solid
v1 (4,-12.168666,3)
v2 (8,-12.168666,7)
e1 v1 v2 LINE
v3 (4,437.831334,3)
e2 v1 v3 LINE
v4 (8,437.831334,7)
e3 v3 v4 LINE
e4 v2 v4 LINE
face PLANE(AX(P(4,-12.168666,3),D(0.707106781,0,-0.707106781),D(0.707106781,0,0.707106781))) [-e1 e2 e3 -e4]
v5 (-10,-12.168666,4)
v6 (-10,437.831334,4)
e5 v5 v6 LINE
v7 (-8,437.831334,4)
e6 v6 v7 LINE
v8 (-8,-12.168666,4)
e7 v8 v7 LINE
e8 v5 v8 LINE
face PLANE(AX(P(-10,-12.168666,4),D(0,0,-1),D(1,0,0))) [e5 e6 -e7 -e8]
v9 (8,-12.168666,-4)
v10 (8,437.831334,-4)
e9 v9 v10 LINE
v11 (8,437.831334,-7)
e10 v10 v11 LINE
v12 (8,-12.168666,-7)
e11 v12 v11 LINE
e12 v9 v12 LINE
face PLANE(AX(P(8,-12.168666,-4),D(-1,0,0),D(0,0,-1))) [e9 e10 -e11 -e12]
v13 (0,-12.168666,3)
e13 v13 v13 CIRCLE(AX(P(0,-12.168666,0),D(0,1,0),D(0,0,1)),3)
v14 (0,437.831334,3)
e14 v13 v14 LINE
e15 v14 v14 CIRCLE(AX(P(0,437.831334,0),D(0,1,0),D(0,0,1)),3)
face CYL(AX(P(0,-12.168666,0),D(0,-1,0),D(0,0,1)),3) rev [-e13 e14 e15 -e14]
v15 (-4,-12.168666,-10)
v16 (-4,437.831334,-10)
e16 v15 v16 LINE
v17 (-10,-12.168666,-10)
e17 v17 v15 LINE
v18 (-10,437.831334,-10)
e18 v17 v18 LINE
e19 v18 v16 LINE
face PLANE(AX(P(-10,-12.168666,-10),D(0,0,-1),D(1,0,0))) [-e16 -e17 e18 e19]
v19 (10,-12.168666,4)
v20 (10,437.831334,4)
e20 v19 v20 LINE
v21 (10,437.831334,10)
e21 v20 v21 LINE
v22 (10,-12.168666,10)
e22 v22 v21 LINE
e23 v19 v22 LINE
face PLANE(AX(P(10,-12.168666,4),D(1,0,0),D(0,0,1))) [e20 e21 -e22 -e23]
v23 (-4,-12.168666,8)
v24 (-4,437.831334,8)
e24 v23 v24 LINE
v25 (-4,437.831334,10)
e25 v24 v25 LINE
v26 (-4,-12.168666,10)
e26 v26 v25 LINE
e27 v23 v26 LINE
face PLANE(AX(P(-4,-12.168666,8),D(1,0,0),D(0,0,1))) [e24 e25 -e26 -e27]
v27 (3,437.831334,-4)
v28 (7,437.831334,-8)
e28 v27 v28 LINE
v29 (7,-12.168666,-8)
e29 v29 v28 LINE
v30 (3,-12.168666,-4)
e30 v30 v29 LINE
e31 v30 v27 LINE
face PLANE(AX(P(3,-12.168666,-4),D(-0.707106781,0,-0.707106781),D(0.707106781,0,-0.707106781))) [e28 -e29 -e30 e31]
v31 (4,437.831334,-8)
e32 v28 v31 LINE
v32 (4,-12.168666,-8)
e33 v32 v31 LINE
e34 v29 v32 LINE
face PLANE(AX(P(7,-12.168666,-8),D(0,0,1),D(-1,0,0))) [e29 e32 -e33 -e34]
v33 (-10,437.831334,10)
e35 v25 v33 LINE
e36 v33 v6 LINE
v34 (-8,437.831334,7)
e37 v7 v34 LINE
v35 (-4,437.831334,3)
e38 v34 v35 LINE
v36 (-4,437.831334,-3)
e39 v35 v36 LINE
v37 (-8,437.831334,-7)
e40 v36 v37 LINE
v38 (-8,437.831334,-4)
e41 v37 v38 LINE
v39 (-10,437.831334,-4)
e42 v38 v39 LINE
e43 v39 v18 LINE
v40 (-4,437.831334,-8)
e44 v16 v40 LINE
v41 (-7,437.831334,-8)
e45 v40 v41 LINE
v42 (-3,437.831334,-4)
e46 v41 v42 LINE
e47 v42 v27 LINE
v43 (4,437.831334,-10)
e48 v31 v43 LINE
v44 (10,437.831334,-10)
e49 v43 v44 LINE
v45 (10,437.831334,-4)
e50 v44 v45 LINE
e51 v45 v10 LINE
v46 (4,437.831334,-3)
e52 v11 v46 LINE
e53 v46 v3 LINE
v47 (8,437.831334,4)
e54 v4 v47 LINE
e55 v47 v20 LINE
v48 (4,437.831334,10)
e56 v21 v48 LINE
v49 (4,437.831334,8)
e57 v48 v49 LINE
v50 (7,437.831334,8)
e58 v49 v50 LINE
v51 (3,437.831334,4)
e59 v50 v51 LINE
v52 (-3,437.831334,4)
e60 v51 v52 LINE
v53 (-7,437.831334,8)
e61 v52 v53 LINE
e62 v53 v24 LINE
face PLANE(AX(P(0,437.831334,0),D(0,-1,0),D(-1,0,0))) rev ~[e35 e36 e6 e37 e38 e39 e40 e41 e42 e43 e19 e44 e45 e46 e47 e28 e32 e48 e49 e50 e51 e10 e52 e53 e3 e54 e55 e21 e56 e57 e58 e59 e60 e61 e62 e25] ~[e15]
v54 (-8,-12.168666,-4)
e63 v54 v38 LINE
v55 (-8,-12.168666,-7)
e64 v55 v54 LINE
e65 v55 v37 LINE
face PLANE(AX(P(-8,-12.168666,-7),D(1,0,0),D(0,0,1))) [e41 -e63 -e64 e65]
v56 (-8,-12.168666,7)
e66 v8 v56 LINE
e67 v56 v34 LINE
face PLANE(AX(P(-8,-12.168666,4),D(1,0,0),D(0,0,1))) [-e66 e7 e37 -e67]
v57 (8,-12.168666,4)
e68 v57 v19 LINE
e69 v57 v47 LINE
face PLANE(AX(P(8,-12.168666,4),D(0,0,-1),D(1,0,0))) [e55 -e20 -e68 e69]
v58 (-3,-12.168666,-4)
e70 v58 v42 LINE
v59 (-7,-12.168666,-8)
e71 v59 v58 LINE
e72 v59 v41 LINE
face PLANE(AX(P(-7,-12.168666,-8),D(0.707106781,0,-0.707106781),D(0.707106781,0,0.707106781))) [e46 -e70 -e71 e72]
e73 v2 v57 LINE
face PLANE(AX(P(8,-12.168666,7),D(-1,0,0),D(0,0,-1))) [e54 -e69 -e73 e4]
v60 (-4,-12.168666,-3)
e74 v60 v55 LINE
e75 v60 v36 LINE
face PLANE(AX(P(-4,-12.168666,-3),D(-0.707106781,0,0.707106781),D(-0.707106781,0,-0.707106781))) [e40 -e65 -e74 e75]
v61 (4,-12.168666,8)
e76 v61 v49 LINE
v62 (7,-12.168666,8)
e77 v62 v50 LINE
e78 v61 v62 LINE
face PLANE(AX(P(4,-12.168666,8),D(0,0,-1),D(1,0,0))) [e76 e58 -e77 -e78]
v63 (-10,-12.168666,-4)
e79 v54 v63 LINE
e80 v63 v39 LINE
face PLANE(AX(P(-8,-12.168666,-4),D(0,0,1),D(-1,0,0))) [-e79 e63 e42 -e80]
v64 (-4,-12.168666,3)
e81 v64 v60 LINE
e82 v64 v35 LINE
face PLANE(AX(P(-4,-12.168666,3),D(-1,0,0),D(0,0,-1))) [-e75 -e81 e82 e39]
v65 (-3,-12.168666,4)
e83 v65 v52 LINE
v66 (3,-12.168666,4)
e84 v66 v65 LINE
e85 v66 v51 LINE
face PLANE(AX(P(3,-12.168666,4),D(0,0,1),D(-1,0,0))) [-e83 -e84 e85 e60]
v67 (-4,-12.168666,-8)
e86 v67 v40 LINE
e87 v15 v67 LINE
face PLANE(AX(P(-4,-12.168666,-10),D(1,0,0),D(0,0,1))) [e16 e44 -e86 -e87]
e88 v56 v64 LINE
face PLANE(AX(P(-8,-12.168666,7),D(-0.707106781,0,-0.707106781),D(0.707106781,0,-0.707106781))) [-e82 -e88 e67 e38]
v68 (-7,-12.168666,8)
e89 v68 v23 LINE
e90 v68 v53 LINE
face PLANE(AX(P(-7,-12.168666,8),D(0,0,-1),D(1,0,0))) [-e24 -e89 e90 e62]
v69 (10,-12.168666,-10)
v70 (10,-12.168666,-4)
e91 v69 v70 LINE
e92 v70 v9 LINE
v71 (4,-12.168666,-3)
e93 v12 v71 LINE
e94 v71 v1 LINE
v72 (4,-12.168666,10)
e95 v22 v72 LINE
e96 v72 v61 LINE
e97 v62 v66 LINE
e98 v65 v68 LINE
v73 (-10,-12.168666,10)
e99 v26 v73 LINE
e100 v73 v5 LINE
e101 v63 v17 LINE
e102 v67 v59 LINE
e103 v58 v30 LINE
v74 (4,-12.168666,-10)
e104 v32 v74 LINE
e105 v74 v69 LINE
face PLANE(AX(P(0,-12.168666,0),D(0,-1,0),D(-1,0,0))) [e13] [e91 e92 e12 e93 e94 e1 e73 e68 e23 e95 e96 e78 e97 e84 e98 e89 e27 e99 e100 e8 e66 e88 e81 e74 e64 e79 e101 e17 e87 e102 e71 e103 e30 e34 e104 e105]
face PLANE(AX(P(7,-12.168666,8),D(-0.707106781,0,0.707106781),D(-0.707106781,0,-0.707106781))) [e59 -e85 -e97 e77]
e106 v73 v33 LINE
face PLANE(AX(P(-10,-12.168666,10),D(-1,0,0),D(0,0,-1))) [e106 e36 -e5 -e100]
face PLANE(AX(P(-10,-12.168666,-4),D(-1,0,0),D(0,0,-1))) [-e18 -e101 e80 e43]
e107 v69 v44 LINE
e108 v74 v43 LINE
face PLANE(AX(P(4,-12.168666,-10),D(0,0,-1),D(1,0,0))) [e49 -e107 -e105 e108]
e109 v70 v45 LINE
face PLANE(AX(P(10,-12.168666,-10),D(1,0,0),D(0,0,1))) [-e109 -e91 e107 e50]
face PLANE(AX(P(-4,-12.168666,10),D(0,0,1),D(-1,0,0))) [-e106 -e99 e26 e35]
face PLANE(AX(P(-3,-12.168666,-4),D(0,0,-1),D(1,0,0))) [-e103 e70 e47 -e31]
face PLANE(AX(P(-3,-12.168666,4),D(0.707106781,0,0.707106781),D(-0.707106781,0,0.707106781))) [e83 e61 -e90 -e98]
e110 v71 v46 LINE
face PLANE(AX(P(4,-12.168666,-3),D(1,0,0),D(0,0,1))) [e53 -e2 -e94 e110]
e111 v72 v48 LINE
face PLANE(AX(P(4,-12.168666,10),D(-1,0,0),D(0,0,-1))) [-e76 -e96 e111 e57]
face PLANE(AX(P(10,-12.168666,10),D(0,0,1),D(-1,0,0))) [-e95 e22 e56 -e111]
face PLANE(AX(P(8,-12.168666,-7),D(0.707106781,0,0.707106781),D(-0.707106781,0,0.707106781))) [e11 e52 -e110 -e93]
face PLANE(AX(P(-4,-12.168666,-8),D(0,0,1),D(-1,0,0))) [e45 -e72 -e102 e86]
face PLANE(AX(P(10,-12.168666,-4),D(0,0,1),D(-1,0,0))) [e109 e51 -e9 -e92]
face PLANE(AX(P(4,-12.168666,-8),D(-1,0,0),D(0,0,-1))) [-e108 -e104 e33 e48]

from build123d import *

# Parameters (mm, degrees)
BOSS_EXTRUDE1_START = -12.168666
F_2020_SKETCH_R     = 3
BOSS_EXTRUDE1_DEPTH = 450


with BuildPart() as part:
    # 2020 sketch → Boss-Extrude1 (new body)
    with BuildSketch(Plane(origin=(0, 0, 0), x_dir=(1, 0, 0), z_dir=(0, 1, 0)).offset(BOSS_EXTRUDE1_START)):
        Polygon((-4, 10), (-4, 8), (-7, 8), (-3, 4), (3, 4), (7, 8), (4, 8), (4, 10), (10, 10), (10, 4), (8, 4), (8, 7), (4, 3), (4, -3), (8, -7), (8, -4), (10, -4), (10, -10), (4, -10), (4, -8), (7, -8), (3, -4), (-3, -4), (-7, -8), (-4, -8), (-4, -10), (-10, -10), (-10, -4), (-8, -4), (-8, -7), (-4, -3), (-4, 3), (-8, 7), (-8, 4), (-10, 4), (-10, 10), align=None)
        with Locations(Location((0, 0, 0), (0, 0, 270))):
            Circle(F_2020_SKETCH_R, mode=Mode.SUBTRACT)
    extrude(amount=BOSS_EXTRUDE1_DEPTH)


solid = part.part
